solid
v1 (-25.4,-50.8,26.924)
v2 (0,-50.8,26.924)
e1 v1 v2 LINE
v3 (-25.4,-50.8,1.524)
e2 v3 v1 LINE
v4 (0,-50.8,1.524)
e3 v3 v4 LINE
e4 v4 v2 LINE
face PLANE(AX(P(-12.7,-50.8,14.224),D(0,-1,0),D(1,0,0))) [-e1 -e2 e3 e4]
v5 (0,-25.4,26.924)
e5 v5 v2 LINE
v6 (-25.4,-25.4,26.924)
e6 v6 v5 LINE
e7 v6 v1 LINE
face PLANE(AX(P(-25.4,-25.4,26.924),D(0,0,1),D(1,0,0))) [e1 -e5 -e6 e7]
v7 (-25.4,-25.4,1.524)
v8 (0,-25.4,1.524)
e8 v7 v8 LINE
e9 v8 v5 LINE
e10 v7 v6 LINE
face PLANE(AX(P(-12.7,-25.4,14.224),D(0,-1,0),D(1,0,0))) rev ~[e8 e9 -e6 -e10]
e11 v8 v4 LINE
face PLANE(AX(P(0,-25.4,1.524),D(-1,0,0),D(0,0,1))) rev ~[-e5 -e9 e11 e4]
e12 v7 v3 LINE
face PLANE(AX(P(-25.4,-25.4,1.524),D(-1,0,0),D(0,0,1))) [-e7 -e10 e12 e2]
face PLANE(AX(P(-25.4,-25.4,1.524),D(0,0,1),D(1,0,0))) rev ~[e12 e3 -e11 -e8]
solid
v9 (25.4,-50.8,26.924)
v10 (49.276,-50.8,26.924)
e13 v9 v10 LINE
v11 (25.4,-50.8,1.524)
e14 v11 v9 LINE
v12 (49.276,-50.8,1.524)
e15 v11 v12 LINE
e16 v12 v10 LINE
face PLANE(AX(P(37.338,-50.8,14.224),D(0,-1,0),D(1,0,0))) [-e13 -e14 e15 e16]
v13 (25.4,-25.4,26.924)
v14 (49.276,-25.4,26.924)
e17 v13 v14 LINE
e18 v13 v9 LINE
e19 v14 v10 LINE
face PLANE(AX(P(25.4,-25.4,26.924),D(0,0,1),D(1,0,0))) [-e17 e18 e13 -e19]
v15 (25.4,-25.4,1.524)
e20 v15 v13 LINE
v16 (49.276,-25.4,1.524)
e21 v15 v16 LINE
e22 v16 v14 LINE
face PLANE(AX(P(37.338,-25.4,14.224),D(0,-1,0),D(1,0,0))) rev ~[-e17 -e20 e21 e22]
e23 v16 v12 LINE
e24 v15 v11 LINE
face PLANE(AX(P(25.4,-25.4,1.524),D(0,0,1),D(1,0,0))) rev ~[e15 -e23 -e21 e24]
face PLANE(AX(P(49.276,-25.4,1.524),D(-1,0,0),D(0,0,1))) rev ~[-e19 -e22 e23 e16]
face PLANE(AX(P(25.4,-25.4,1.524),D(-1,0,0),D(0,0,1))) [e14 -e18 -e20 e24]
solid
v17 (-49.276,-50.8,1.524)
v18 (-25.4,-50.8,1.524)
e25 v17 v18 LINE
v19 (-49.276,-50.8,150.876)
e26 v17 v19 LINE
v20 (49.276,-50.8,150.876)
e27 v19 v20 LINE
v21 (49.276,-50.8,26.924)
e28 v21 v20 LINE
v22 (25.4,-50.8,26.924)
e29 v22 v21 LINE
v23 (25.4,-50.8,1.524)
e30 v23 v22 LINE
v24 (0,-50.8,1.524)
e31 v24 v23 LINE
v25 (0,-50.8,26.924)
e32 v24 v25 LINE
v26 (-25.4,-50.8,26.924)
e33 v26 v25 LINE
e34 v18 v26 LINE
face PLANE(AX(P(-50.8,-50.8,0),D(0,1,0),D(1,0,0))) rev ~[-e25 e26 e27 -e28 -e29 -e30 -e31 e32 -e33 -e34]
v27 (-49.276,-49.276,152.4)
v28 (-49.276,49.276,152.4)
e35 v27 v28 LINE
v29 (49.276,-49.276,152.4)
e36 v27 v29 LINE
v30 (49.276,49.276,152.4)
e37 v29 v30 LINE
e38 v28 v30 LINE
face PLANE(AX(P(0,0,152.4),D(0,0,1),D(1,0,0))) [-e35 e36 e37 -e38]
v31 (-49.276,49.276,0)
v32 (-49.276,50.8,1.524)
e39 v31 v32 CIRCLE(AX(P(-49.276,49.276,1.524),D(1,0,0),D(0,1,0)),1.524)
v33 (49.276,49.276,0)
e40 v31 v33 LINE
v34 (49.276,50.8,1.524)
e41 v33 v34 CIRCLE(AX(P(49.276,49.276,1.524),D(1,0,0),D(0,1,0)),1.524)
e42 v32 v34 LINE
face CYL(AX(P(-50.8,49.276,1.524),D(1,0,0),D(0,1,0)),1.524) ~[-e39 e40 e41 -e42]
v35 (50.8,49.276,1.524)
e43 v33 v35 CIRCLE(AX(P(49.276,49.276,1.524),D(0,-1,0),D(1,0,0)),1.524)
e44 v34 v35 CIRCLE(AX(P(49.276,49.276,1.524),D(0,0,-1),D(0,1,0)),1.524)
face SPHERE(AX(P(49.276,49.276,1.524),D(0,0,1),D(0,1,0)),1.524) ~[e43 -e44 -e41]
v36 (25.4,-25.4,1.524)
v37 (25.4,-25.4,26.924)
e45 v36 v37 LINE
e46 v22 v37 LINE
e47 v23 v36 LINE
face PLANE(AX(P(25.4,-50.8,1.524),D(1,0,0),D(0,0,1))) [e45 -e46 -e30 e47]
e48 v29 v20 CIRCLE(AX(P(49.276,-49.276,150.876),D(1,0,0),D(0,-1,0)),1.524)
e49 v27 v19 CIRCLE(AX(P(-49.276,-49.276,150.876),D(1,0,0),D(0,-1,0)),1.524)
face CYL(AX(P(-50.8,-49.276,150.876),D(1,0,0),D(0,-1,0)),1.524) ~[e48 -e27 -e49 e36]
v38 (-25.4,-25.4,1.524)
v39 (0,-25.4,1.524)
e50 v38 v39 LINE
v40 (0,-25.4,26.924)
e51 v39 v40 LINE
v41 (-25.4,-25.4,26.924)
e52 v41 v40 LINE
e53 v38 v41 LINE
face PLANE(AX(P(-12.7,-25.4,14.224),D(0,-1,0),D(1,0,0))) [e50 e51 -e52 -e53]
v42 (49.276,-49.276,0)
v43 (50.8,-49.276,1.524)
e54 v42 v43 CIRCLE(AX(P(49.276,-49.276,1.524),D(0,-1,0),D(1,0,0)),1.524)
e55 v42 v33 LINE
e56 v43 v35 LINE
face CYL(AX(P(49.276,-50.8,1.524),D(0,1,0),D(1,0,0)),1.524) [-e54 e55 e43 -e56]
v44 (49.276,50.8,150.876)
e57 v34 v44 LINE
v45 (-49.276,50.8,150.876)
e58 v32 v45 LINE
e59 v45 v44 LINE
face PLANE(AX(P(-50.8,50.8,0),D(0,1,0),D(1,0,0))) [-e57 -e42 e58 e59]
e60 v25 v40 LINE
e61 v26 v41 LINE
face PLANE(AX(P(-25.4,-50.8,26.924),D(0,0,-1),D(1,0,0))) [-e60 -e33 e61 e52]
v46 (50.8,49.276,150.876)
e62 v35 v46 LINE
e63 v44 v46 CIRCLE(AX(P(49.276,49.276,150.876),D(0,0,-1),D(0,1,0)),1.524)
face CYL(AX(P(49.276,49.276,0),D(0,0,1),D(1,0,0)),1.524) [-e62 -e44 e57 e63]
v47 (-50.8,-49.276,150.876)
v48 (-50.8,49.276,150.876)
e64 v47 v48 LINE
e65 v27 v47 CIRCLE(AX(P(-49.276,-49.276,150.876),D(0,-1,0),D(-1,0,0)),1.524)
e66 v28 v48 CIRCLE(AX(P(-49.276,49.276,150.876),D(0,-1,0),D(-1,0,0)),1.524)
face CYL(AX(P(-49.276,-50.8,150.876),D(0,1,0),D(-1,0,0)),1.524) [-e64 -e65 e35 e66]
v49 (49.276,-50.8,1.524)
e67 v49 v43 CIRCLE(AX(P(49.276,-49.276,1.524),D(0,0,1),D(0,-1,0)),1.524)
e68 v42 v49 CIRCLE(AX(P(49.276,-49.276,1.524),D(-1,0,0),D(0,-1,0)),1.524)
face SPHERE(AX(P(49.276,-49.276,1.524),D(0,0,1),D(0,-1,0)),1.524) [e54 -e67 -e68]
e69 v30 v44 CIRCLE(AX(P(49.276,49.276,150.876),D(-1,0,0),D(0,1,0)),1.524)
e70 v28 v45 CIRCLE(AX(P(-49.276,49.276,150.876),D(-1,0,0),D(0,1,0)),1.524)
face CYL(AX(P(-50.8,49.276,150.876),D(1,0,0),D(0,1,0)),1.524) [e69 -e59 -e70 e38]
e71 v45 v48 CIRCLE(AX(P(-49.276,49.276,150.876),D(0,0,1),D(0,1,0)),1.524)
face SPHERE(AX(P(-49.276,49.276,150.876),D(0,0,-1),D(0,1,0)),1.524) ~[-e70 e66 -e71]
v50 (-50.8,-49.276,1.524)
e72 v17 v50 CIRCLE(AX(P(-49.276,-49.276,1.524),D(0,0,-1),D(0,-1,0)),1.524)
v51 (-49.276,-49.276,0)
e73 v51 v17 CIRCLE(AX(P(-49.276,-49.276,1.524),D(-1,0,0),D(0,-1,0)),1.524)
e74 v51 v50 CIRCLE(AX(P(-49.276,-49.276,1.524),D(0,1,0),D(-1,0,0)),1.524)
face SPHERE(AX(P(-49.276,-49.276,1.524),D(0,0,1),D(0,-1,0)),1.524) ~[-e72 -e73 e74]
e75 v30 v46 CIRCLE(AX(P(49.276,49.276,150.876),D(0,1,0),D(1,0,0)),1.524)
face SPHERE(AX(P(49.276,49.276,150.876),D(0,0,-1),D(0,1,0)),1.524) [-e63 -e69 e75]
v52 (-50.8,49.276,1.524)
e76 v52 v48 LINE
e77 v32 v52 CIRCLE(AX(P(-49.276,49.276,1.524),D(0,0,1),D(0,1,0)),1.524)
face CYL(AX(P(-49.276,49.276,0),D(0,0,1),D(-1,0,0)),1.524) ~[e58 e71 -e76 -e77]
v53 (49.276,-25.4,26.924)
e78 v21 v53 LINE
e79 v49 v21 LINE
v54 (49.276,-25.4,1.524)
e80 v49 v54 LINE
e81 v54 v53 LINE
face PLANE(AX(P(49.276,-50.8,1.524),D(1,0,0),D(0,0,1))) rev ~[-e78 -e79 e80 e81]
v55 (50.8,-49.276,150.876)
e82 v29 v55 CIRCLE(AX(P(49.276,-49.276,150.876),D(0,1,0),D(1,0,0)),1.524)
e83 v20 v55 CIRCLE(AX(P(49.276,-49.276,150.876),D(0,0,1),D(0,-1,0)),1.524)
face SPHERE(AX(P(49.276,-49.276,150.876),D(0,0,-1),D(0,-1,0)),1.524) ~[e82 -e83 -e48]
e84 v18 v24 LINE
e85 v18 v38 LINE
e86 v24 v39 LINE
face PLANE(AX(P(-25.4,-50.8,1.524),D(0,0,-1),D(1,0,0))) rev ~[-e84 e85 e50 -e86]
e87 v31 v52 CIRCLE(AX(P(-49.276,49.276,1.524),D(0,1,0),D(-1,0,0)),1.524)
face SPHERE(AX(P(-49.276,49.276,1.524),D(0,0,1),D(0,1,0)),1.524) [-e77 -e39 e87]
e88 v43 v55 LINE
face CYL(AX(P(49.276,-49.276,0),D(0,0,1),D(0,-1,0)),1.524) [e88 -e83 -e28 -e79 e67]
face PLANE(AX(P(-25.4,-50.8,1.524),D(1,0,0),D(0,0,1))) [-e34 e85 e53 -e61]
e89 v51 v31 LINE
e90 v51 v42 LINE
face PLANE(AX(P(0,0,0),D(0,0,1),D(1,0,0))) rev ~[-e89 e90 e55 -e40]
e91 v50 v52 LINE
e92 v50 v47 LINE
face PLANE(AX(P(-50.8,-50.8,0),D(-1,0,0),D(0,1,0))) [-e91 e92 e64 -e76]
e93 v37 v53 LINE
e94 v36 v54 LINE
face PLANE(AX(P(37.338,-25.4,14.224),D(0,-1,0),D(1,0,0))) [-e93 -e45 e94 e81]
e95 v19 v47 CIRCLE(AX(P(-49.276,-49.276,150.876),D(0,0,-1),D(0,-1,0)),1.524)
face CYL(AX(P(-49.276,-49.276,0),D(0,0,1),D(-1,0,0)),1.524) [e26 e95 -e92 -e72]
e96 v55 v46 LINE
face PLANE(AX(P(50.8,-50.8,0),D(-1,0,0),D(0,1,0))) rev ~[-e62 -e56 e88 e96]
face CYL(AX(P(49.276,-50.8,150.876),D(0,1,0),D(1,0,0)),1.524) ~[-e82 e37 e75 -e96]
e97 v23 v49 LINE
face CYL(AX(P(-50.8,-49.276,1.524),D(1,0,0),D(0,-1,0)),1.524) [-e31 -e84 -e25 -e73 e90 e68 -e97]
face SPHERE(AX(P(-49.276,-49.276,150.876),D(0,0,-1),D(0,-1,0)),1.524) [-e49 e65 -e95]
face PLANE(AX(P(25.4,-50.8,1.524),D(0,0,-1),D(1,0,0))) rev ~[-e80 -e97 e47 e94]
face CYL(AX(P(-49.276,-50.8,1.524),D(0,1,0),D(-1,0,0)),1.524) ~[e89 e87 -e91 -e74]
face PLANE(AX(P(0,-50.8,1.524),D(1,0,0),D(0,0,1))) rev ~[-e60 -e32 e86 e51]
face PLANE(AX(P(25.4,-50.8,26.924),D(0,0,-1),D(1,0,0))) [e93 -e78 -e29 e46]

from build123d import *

# Parameters (mm, degrees)
F0_W        = 101.6
F0_H        = 101.6
F1_DEPTH    = 152.4
F2_R        = 1.524
F3_W        = 25.4
F3_H        = 25.4
F3_W_2      = 23.876
F4_DEPTH    = 25.4
F4_FACE_W   = 23.876
F4_FACE_H   = 25.4
F4_FACE_W_2 = 25.4
F5_DEPTH    = 25.4


with BuildPart() as f1:
    # F0 (on Top) → F1 (new body)
    with BuildSketch(Plane.XY):
        Rectangle(F0_W, F0_H)
    extrude(amount=F1_DEPTH)

    # F2
    f2_edges = [f1.edges().sort_by_distance(p)[0] for p in [
        (-50.8, -50.8, 76.2),
        (50.8, -50.8, 76.2),
        (0, -50.8, 0),
        (0, -50.8, 152.4),
        (50.8, 50.8, 76.2),
        (-50.8, 50.8, 76.2),
        (0, 50.8, 0),
        (0, 50.8, 152.4),
        (50.8, 0, 152.4),
        (-50.8, 0, 152.4),
        (50.8, 0, 0),
        (-50.8, 0, 0),
    ]]
    fillet(f2_edges, radius=F2_R)

    # F3 (on face) → F4 (cut)
    with BuildSketch(Plane.XZ.offset(50.8)):
        with Locations((-12.7, 14.224)):
            Rectangle(F3_W, F3_H)
        with Locations((37.338, 14.224)):
            Rectangle(F3_W_2, F3_H)
    extrude(amount=-F4_DEPTH, mode=Mode.SUBTRACT)


with BuildPart() as f5:
    # F4_face (on face) → F5 (new body)
    with BuildSketch(Plane(origin=(37.338, -25.4, 14.224), x_dir=(1, 0, 0), z_dir=(0, -1, 0))):
        Rectangle(F4_FACE_W, F4_FACE_H)
        with Locations((-50.038, 0)):
            Rectangle(F4_FACE_W_2, F4_FACE_H)
    extrude(amount=F5_DEPTH)


solid = Compound([f1.part, f5.part])
